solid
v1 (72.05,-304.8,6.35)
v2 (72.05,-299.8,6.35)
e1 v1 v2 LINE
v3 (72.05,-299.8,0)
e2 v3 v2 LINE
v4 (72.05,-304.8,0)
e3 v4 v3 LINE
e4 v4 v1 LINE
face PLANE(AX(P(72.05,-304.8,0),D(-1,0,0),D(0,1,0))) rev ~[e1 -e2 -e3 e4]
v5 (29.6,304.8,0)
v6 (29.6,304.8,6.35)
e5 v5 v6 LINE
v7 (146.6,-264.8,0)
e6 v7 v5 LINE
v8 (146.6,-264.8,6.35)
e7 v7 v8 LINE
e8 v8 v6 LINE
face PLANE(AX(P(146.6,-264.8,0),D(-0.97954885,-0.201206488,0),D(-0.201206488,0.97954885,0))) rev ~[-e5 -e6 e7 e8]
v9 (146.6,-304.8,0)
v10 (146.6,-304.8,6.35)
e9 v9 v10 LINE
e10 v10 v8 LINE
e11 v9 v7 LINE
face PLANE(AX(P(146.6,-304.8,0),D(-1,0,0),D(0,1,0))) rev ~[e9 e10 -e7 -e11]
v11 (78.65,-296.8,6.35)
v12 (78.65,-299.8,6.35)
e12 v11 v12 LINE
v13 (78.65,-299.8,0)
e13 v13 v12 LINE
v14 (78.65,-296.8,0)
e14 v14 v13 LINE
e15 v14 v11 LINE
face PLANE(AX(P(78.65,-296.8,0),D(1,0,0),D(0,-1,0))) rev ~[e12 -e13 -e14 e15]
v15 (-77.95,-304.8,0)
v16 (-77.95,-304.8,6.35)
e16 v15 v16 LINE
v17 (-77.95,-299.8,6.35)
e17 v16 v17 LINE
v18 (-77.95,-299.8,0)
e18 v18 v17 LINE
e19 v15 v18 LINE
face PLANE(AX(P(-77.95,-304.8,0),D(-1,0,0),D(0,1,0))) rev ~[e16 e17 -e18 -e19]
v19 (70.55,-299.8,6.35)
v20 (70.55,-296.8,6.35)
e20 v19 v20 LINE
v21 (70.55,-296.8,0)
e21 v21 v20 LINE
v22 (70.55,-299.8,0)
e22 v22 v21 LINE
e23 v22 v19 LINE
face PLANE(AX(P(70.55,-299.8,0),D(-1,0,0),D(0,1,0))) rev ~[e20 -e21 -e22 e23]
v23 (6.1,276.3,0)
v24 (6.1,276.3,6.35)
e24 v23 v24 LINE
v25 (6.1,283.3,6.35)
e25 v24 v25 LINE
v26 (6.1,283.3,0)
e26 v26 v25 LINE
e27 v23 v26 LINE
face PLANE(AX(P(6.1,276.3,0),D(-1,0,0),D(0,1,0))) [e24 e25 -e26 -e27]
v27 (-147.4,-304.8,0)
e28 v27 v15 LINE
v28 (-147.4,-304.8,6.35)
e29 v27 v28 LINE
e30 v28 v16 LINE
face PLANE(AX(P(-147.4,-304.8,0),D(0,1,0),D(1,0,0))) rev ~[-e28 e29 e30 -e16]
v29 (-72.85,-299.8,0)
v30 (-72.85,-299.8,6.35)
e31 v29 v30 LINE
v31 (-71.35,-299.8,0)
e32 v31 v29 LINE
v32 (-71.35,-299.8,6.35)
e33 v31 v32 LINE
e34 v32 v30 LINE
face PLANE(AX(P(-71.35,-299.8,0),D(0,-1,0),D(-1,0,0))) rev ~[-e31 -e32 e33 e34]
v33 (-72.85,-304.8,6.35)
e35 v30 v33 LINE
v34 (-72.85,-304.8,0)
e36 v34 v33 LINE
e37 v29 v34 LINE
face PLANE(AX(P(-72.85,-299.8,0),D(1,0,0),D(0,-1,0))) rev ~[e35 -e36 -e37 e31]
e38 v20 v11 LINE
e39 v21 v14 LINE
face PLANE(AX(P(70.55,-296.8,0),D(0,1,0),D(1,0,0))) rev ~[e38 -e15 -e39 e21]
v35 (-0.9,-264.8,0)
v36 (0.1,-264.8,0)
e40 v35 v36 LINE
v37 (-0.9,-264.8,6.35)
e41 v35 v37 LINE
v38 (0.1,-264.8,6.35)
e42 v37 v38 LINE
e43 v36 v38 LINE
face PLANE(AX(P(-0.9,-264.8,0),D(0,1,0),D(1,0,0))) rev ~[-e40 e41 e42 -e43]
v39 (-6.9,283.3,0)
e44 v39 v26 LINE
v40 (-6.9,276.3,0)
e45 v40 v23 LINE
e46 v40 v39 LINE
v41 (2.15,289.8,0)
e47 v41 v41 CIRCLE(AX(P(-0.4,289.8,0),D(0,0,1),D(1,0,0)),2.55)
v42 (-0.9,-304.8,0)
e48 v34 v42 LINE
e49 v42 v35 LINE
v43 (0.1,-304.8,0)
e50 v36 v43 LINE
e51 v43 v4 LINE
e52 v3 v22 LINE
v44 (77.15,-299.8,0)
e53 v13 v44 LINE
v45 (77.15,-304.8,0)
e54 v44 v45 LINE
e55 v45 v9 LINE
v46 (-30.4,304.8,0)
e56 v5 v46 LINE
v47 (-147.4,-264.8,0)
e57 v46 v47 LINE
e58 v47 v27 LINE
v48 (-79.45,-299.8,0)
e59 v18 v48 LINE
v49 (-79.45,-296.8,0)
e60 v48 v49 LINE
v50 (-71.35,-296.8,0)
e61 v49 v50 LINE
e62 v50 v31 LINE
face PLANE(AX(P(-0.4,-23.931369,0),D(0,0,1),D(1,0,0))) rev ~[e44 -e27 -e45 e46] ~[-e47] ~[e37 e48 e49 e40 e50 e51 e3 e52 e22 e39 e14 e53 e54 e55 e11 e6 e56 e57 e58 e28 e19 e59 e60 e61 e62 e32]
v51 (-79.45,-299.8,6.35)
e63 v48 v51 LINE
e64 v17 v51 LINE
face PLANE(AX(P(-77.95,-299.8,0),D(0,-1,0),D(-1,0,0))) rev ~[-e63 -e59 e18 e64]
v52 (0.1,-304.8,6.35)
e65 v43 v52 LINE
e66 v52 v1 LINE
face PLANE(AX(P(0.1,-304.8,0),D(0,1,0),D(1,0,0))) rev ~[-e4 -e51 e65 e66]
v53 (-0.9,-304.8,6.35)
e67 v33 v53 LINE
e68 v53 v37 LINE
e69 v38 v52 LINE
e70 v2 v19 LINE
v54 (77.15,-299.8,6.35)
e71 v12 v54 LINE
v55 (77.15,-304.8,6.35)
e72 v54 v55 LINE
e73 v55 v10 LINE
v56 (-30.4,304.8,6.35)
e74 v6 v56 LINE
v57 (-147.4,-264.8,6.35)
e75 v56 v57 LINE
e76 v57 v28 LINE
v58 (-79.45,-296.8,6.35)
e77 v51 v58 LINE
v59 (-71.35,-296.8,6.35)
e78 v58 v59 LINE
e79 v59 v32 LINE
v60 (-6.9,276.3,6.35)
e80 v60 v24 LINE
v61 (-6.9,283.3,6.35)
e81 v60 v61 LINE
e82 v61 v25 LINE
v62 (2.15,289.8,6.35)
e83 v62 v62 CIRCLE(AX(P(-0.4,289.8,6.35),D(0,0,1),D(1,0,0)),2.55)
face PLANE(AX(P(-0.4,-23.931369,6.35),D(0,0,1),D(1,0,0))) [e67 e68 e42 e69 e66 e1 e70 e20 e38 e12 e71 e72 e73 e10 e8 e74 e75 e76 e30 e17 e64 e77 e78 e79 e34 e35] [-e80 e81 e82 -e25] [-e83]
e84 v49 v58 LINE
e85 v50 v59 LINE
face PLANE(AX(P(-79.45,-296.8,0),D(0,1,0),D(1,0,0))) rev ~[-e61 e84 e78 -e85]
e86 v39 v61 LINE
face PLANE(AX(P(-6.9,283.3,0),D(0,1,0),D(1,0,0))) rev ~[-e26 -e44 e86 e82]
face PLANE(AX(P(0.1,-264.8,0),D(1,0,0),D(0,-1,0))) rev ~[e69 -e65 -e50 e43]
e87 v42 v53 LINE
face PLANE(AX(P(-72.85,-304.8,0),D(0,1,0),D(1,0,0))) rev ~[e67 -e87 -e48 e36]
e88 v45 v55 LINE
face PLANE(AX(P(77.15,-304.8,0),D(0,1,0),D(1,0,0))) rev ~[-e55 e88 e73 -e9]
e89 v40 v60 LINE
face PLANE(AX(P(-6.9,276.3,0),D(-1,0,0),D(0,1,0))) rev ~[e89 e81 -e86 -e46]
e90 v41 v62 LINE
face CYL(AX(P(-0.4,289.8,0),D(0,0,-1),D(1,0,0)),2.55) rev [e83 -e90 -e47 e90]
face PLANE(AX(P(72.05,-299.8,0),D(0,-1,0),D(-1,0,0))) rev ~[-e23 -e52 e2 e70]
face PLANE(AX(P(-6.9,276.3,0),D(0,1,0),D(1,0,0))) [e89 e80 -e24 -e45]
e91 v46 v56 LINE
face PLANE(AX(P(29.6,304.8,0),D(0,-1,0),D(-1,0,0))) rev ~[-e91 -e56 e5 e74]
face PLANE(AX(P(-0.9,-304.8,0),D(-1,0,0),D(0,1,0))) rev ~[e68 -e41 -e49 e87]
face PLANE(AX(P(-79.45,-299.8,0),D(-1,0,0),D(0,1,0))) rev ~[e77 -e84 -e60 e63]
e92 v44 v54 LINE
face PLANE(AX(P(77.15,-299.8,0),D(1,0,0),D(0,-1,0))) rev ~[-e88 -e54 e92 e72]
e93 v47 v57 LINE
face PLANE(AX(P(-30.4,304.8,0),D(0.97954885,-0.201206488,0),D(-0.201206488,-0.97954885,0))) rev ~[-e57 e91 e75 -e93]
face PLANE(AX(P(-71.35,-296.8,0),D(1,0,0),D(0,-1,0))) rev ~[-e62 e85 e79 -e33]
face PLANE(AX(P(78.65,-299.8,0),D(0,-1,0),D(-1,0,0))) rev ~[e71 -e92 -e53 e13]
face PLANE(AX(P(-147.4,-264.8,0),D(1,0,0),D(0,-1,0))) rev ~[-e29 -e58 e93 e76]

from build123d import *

# Parameters (mm, degrees)
F0_W     = 13
F0_H     = 7
F0_R     = 2.55
F1_DEPTH = 6.35


with BuildPart() as f1:
    # F0 (on Top) → F1 (new body)
    with BuildSketch(Plane.XY):
        Polygon((-30.4, 304.8), (-147.4, -264.8), (-0.9, -264.8), (0.1, -264.8), (146.6, -264.8), (29.6, 304.8), align=None)
        with Locations((-0.4, 279.8)):
            Rectangle(F0_W, F0_H, mode=Mode.SUBTRACT)
        with Locations((-0.4, 289.8)):
            Circle(F0_R, mode=Mode.SUBTRACT)
        Polygon((-0.9, -264.8), (-147.4, -264.8), (-147.4, -304.8), (-77.95, -304.8), (-77.95, -299.8), (-79.45, -299.8), (-79.45, -296.8), (-71.35, -296.8), (-71.35, -299.8), (-72.85, -299.8), (-72.85, -304.8), (-0.9, -304.8), align=None)
        Polygon((146.6, -264.8), (0.1, -264.8), (0.1, -304.8), (72.05, -304.8), (72.05, -299.8), (70.55, -299.8), (70.55, -296.8), (78.65, -296.8), (78.65, -299.8), (77.15, -299.8), (77.15, -304.8), (146.6, -304.8), align=None)
    extrude(amount=F1_DEPTH)


solid = f1.part
